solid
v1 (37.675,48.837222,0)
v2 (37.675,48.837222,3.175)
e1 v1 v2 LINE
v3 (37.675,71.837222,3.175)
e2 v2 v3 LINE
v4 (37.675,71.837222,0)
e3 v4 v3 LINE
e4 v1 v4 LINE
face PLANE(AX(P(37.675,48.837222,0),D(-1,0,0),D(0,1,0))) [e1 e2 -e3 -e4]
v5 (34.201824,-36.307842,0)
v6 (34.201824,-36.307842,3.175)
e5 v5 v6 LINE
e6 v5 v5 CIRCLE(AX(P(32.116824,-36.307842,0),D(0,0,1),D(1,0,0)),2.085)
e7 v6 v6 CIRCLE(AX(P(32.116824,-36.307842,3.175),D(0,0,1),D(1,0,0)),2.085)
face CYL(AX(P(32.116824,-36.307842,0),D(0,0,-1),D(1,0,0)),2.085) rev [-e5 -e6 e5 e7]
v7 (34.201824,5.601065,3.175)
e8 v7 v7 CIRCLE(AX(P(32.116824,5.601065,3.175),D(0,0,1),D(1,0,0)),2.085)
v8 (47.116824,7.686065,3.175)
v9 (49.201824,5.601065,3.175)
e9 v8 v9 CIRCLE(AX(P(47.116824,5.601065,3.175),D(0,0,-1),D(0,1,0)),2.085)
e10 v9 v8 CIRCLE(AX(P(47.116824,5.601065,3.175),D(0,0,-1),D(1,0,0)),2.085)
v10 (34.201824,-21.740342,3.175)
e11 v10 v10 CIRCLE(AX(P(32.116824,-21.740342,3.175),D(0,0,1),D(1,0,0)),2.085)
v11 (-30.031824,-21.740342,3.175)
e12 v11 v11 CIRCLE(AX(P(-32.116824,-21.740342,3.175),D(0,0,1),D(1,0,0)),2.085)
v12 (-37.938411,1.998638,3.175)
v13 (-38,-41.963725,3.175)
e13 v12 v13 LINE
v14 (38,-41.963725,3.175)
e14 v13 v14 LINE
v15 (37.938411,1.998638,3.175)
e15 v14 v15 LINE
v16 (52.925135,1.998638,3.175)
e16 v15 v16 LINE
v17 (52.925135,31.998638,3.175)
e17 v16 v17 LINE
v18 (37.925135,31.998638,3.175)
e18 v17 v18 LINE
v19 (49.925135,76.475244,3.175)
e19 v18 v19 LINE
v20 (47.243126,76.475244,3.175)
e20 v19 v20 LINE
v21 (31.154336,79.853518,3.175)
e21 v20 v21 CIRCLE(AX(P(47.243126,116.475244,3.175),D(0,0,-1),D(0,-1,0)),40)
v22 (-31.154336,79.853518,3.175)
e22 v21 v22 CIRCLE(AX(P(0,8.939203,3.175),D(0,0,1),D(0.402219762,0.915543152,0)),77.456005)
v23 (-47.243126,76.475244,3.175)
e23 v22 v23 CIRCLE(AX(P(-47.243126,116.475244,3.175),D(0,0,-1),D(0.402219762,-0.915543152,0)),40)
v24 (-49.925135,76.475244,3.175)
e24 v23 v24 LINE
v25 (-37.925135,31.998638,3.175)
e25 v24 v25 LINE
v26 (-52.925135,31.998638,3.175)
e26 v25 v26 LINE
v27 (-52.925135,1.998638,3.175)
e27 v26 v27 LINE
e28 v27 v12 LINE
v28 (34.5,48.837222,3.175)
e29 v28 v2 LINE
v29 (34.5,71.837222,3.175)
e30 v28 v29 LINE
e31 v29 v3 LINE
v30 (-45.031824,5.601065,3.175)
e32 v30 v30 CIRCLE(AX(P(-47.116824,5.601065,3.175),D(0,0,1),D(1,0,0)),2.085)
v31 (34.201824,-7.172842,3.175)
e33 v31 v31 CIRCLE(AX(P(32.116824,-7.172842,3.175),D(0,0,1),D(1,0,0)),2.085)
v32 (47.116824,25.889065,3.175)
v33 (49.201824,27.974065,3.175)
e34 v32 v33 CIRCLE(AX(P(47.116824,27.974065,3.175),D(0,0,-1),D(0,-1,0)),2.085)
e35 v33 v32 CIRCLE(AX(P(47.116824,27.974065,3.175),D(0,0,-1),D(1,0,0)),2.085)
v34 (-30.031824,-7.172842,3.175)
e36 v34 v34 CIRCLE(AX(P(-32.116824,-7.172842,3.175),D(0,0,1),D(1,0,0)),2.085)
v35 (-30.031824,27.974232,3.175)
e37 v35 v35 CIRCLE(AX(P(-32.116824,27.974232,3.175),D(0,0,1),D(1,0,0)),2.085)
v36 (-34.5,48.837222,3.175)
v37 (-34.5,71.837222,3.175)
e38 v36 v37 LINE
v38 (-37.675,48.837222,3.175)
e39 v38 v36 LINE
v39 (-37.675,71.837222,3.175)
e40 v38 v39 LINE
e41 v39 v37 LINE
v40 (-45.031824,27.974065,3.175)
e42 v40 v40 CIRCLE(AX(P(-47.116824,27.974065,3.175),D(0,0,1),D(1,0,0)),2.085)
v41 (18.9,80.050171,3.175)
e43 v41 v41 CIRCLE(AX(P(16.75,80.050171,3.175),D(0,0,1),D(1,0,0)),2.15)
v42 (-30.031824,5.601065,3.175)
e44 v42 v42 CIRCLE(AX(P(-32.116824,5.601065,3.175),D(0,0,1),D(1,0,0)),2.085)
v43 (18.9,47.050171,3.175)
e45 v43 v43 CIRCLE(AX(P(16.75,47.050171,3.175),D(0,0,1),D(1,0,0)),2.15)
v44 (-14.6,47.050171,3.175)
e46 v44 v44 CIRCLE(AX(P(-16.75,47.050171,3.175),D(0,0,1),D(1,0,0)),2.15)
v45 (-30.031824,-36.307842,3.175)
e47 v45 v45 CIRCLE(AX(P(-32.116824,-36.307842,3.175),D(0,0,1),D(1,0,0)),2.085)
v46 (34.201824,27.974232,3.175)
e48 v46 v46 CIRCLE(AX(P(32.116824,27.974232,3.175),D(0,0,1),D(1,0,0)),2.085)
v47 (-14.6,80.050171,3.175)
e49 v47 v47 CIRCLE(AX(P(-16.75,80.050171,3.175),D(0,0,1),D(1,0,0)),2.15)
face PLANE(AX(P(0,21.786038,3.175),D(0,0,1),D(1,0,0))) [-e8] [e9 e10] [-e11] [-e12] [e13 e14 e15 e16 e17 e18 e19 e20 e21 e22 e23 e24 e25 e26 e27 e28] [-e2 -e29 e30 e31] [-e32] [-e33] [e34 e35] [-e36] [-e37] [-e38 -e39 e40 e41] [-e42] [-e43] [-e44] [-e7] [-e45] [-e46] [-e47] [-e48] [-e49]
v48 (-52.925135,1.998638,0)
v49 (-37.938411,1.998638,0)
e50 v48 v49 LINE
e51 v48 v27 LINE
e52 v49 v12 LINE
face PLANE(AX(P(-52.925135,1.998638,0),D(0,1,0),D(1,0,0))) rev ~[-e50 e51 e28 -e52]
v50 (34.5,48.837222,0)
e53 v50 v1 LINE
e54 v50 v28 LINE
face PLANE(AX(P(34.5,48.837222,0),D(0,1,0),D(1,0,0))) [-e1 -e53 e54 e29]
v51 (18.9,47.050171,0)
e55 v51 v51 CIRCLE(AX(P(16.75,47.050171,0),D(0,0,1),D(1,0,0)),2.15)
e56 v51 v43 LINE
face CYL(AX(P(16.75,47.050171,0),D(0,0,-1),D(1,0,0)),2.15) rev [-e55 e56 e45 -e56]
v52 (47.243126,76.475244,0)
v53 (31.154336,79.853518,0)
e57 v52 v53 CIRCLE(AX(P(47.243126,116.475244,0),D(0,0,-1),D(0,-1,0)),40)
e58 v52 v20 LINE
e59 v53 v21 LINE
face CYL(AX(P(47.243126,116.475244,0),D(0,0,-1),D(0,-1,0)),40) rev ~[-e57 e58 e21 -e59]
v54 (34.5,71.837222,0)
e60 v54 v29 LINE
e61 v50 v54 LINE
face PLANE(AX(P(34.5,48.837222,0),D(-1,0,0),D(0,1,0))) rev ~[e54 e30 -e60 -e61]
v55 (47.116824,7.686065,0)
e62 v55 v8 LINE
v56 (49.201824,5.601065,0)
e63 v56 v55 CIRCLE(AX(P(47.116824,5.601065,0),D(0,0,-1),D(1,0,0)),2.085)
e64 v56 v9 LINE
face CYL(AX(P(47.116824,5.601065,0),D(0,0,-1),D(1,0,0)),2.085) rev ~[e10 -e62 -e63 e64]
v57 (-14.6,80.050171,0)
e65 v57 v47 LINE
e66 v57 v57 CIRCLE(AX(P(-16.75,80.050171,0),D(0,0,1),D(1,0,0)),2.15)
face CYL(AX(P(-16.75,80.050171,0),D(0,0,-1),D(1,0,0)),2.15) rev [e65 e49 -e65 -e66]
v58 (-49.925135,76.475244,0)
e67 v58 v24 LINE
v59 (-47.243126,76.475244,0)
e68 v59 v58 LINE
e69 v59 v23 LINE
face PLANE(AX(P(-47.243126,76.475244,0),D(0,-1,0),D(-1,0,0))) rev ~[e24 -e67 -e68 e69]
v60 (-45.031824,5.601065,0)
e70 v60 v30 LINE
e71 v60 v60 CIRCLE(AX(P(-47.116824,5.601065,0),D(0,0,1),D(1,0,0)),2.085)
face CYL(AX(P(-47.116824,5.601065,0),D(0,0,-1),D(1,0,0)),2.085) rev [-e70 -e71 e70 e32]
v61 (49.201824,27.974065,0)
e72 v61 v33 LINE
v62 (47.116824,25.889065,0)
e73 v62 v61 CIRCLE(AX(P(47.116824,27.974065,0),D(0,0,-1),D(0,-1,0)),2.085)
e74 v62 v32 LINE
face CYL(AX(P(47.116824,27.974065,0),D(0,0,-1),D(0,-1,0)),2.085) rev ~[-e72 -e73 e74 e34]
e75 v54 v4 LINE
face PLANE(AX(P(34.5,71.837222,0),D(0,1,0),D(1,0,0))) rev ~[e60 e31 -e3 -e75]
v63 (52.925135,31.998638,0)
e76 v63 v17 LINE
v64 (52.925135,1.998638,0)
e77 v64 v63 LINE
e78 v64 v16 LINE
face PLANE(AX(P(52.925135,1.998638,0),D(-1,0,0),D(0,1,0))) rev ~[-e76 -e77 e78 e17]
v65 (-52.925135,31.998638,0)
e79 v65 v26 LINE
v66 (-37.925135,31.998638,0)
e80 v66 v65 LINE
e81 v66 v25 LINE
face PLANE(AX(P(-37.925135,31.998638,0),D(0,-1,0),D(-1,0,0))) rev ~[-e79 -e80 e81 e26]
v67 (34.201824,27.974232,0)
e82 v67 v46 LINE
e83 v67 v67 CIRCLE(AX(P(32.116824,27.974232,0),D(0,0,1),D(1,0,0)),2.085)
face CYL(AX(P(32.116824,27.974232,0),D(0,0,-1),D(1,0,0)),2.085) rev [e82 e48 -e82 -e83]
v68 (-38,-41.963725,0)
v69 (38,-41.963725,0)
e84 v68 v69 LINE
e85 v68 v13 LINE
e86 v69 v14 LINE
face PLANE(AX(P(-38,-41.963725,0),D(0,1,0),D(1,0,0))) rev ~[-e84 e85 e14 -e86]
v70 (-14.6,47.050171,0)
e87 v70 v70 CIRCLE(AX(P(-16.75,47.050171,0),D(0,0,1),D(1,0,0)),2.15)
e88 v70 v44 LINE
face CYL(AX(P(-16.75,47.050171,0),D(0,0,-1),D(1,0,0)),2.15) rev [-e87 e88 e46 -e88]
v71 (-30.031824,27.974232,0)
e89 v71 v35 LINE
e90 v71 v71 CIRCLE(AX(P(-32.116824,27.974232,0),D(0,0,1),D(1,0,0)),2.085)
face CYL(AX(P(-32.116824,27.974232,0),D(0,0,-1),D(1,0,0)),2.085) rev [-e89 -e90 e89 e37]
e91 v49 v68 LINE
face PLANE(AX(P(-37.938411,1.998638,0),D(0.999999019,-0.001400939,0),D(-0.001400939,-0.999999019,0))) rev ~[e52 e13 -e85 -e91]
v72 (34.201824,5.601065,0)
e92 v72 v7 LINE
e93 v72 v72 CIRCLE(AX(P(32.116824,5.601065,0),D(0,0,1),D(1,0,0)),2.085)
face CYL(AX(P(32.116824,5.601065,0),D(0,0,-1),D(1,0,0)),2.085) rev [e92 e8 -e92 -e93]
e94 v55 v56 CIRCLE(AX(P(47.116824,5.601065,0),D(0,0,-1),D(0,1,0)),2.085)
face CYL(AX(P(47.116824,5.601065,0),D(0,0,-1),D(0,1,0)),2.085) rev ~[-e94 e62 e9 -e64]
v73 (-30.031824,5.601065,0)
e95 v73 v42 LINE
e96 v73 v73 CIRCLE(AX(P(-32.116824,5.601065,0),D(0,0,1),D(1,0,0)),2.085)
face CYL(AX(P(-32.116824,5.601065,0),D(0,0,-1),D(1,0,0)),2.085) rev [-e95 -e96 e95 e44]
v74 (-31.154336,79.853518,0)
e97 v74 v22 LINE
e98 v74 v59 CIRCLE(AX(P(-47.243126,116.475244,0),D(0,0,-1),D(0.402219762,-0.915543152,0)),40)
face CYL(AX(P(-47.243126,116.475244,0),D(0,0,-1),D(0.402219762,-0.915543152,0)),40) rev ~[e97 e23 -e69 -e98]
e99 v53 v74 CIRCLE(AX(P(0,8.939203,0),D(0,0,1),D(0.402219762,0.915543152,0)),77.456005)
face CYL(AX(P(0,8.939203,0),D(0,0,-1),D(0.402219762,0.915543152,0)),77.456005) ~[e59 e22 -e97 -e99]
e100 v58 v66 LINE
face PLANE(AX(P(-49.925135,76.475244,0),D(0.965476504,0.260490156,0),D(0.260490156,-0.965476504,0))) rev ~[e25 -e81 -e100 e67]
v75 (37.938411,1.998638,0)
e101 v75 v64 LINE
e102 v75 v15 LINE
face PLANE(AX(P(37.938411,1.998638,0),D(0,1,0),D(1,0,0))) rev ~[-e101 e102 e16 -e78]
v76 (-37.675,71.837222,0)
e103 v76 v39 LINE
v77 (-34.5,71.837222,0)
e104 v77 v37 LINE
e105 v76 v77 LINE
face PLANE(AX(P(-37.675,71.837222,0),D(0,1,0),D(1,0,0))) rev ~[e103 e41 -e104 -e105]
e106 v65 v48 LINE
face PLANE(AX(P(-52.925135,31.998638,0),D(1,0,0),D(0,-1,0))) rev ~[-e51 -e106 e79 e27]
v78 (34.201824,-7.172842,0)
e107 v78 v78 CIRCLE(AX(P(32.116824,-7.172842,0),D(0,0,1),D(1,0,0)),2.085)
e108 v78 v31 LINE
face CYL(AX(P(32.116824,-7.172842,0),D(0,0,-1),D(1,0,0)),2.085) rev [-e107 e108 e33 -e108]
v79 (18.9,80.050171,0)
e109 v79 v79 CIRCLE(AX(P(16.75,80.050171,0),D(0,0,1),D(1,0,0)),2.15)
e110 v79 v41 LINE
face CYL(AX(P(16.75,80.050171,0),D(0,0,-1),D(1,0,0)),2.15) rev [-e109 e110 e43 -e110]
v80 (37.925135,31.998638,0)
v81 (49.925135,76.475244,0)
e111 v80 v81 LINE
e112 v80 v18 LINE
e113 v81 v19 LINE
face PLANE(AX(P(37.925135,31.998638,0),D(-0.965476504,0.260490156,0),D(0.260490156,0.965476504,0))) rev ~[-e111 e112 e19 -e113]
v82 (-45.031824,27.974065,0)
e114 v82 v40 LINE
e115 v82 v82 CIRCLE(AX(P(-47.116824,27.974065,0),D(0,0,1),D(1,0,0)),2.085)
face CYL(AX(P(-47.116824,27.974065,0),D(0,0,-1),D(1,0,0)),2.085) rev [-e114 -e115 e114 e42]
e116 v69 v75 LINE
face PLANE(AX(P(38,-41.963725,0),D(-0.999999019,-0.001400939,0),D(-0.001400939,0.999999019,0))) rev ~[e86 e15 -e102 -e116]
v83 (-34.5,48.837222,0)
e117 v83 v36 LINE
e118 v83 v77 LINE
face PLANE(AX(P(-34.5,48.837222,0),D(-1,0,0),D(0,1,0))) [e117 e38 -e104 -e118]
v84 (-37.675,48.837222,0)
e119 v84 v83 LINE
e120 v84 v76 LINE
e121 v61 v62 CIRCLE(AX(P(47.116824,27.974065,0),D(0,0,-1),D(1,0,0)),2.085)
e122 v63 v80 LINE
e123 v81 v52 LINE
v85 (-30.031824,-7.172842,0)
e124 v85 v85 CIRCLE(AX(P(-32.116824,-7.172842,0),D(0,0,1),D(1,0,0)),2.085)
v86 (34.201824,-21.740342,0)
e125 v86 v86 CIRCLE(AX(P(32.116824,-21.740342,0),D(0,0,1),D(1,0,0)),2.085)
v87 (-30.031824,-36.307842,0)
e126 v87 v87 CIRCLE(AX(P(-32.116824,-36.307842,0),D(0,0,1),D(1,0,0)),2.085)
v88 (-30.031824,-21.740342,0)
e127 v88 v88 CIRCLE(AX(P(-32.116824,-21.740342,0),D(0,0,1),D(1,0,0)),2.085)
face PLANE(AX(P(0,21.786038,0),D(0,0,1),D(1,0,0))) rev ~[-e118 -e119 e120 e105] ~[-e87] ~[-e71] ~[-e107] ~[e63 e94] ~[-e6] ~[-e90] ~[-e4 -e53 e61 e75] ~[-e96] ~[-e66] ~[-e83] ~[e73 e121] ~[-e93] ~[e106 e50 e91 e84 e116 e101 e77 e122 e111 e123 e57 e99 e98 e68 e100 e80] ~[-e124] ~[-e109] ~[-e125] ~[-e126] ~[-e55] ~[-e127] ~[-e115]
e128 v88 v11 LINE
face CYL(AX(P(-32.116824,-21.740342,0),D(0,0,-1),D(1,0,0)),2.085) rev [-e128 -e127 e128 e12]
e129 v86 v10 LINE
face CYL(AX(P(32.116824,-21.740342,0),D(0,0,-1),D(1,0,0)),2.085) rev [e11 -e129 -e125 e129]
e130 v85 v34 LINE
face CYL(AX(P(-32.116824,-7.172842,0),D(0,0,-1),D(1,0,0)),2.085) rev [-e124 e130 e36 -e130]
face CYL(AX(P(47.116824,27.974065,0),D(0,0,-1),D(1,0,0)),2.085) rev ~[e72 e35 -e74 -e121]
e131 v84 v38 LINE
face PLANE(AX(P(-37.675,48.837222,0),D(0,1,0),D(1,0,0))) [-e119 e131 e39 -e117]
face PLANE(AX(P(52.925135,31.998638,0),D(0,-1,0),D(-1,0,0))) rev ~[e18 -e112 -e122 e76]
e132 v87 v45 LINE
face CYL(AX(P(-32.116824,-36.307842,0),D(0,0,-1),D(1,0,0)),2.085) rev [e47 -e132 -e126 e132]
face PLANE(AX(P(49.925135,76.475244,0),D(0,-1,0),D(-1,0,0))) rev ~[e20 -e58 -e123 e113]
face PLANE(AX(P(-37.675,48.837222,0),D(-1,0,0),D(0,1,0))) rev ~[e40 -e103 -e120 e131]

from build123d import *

# Parameters (mm, degrees)
F0_R     = 2.085
F0_R_2   = 2.15
F0_W     = 3.175
F0_H     = 23
F1_DEPTH = 3.175


with BuildPart() as f1:
    # F0 (on Top) → F1 (new body)
    with BuildSketch(Plane.XY):
        with BuildLine():
            Line((-38, -41.9637251374), (0, -41.9637251374))
            Line((0, -41.9637251374), (38, -41.9637251374))
            Line((38, -41.9637251374), (37.9384113545, 1.9986380357))
            Line((37.9384113545, 1.9986380357), (52.9251351953, 1.9986380357))
            Line((52.9251351953, 1.9986380357), (52.9251351953, 31.9986380357))
            Line((52.9251351953, 31.9986380357), (37.9251351953, 31.9986380357))
            Line((37.9251351953, 31.9986380357), (49.9251351953, 76.4752441225))
            Line((49.9251351953, 76.4752441225), (47.2431264601, 76.4752441225))
            ThreePointArc((47.2431264601, 76.4752441225), (39.0233041791, 77.3289221795), (31.1543359938, 79.8535180391))
            ThreePointArc((31.1543359938, 79.8535180391), (0, 86.3952080993), (-31.1543359938, 79.8535180391))
            ThreePointArc((-31.1543359938, 79.8535180391), (-39.0233041791, 77.3289221795), (-47.2431264601, 76.4752441225))
            Line((-47.2431264601, 76.4752441225), (-49.9251351953, 76.4752441225))
            Line((-49.9251351953, 76.4752441225), (-37.9251351953, 31.9986380357))
            Line((-37.9251351953, 31.9986380357), (-52.9251351953, 31.9986380357))
            Line((-52.9251351953, 31.9986380357), (-52.9251351953, 1.9986380357))
            Line((-52.9251351953, 1.9986380357), (-37.9384113545, 1.9986380357))
            Line((-37.9384113545, 1.9986380357), (-38, -41.9637251374))
        make_face()
        with Locations((-32.1168240318, -36.3078415394)):
            Circle(F0_R, mode=Mode.SUBTRACT)
        with Locations((-32.1168240318, -21.7403415394)):
            Circle(F0_R, mode=Mode.SUBTRACT)
        with Locations((-47.1168240318, 5.6010650516)):
            Circle(F0_R, mode=Mode.SUBTRACT)
        with Locations((-32.1168240318, -7.1728415394)):
            Circle(F0_R, mode=Mode.SUBTRACT)
        with Locations((-32.1168240318, 5.6010650516)):
            Circle(F0_R, mode=Mode.SUBTRACT)
        with Locations((32.1168240318, -36.3078415394)):
            Circle(F0_R, mode=Mode.SUBTRACT)
        with Locations((32.1168240318, -21.7403415394)):
            Circle(F0_R, mode=Mode.SUBTRACT)
        with Locations((32.1168240318, -7.1728415394)):
            Circle(F0_R, mode=Mode.SUBTRACT)
        with Locations((32.1168240318, 5.6010650516)):
            Circle(F0_R, mode=Mode.SUBTRACT)
        with BuildLine():
            ThreePointArc((49.2018240318, 5.6010650516), (45.6425063931, 4.1267474129), (47.1168240318, 7.6860650516))
            ThreePointArc((47.1168240318, 7.6860650516), (48.5911416706, 7.0753826904), (49.2018240318, 5.6010650516))
        make_face(mode=Mode.SUBTRACT)
        with Locations((-47.1168240318, 27.9740650516)):
            Circle(F0_R, mode=Mode.SUBTRACT)
        with Locations((-32.1168240318, 27.9742324866)):
            Circle(F0_R, mode=Mode.SUBTRACT)
        with Locations((-16.75, 47.0501706004)):
            Circle(F0_R_2, mode=Mode.SUBTRACT)
        with Locations((-36.0875, 60.3372221589)):
            Rectangle(F0_W, F0_H, mode=Mode.SUBTRACT)
        with Locations((-16.75, 80.0501706004)):
            Circle(F0_R_2, mode=Mode.SUBTRACT)
        with Locations((16.75, 47.0501706004)):
            Circle(F0_R_2, mode=Mode.SUBTRACT)
        with Locations((32.1168240318, 27.9742324866)):
            Circle(F0_R, mode=Mode.SUBTRACT)
        with BuildLine():
            ThreePointArc((47.1168240318, 25.8890650516), (45.6425063931, 29.4483826904), (49.2018240318, 27.9740650516))
            ThreePointArc((49.2018240318, 27.9740650516), (48.5911416706, 26.4997474129), (47.1168240318, 25.8890650516))
        make_face(mode=Mode.SUBTRACT)
        with Locations((16.75, 80.0501706004)):
            Circle(F0_R_2, mode=Mode.SUBTRACT)
        with Locations((36.0875, 60.3372221589)):
            Rectangle(F0_W, F0_H, mode=Mode.SUBTRACT)
    extrude(amount=F1_DEPTH)


solid = f1.part
